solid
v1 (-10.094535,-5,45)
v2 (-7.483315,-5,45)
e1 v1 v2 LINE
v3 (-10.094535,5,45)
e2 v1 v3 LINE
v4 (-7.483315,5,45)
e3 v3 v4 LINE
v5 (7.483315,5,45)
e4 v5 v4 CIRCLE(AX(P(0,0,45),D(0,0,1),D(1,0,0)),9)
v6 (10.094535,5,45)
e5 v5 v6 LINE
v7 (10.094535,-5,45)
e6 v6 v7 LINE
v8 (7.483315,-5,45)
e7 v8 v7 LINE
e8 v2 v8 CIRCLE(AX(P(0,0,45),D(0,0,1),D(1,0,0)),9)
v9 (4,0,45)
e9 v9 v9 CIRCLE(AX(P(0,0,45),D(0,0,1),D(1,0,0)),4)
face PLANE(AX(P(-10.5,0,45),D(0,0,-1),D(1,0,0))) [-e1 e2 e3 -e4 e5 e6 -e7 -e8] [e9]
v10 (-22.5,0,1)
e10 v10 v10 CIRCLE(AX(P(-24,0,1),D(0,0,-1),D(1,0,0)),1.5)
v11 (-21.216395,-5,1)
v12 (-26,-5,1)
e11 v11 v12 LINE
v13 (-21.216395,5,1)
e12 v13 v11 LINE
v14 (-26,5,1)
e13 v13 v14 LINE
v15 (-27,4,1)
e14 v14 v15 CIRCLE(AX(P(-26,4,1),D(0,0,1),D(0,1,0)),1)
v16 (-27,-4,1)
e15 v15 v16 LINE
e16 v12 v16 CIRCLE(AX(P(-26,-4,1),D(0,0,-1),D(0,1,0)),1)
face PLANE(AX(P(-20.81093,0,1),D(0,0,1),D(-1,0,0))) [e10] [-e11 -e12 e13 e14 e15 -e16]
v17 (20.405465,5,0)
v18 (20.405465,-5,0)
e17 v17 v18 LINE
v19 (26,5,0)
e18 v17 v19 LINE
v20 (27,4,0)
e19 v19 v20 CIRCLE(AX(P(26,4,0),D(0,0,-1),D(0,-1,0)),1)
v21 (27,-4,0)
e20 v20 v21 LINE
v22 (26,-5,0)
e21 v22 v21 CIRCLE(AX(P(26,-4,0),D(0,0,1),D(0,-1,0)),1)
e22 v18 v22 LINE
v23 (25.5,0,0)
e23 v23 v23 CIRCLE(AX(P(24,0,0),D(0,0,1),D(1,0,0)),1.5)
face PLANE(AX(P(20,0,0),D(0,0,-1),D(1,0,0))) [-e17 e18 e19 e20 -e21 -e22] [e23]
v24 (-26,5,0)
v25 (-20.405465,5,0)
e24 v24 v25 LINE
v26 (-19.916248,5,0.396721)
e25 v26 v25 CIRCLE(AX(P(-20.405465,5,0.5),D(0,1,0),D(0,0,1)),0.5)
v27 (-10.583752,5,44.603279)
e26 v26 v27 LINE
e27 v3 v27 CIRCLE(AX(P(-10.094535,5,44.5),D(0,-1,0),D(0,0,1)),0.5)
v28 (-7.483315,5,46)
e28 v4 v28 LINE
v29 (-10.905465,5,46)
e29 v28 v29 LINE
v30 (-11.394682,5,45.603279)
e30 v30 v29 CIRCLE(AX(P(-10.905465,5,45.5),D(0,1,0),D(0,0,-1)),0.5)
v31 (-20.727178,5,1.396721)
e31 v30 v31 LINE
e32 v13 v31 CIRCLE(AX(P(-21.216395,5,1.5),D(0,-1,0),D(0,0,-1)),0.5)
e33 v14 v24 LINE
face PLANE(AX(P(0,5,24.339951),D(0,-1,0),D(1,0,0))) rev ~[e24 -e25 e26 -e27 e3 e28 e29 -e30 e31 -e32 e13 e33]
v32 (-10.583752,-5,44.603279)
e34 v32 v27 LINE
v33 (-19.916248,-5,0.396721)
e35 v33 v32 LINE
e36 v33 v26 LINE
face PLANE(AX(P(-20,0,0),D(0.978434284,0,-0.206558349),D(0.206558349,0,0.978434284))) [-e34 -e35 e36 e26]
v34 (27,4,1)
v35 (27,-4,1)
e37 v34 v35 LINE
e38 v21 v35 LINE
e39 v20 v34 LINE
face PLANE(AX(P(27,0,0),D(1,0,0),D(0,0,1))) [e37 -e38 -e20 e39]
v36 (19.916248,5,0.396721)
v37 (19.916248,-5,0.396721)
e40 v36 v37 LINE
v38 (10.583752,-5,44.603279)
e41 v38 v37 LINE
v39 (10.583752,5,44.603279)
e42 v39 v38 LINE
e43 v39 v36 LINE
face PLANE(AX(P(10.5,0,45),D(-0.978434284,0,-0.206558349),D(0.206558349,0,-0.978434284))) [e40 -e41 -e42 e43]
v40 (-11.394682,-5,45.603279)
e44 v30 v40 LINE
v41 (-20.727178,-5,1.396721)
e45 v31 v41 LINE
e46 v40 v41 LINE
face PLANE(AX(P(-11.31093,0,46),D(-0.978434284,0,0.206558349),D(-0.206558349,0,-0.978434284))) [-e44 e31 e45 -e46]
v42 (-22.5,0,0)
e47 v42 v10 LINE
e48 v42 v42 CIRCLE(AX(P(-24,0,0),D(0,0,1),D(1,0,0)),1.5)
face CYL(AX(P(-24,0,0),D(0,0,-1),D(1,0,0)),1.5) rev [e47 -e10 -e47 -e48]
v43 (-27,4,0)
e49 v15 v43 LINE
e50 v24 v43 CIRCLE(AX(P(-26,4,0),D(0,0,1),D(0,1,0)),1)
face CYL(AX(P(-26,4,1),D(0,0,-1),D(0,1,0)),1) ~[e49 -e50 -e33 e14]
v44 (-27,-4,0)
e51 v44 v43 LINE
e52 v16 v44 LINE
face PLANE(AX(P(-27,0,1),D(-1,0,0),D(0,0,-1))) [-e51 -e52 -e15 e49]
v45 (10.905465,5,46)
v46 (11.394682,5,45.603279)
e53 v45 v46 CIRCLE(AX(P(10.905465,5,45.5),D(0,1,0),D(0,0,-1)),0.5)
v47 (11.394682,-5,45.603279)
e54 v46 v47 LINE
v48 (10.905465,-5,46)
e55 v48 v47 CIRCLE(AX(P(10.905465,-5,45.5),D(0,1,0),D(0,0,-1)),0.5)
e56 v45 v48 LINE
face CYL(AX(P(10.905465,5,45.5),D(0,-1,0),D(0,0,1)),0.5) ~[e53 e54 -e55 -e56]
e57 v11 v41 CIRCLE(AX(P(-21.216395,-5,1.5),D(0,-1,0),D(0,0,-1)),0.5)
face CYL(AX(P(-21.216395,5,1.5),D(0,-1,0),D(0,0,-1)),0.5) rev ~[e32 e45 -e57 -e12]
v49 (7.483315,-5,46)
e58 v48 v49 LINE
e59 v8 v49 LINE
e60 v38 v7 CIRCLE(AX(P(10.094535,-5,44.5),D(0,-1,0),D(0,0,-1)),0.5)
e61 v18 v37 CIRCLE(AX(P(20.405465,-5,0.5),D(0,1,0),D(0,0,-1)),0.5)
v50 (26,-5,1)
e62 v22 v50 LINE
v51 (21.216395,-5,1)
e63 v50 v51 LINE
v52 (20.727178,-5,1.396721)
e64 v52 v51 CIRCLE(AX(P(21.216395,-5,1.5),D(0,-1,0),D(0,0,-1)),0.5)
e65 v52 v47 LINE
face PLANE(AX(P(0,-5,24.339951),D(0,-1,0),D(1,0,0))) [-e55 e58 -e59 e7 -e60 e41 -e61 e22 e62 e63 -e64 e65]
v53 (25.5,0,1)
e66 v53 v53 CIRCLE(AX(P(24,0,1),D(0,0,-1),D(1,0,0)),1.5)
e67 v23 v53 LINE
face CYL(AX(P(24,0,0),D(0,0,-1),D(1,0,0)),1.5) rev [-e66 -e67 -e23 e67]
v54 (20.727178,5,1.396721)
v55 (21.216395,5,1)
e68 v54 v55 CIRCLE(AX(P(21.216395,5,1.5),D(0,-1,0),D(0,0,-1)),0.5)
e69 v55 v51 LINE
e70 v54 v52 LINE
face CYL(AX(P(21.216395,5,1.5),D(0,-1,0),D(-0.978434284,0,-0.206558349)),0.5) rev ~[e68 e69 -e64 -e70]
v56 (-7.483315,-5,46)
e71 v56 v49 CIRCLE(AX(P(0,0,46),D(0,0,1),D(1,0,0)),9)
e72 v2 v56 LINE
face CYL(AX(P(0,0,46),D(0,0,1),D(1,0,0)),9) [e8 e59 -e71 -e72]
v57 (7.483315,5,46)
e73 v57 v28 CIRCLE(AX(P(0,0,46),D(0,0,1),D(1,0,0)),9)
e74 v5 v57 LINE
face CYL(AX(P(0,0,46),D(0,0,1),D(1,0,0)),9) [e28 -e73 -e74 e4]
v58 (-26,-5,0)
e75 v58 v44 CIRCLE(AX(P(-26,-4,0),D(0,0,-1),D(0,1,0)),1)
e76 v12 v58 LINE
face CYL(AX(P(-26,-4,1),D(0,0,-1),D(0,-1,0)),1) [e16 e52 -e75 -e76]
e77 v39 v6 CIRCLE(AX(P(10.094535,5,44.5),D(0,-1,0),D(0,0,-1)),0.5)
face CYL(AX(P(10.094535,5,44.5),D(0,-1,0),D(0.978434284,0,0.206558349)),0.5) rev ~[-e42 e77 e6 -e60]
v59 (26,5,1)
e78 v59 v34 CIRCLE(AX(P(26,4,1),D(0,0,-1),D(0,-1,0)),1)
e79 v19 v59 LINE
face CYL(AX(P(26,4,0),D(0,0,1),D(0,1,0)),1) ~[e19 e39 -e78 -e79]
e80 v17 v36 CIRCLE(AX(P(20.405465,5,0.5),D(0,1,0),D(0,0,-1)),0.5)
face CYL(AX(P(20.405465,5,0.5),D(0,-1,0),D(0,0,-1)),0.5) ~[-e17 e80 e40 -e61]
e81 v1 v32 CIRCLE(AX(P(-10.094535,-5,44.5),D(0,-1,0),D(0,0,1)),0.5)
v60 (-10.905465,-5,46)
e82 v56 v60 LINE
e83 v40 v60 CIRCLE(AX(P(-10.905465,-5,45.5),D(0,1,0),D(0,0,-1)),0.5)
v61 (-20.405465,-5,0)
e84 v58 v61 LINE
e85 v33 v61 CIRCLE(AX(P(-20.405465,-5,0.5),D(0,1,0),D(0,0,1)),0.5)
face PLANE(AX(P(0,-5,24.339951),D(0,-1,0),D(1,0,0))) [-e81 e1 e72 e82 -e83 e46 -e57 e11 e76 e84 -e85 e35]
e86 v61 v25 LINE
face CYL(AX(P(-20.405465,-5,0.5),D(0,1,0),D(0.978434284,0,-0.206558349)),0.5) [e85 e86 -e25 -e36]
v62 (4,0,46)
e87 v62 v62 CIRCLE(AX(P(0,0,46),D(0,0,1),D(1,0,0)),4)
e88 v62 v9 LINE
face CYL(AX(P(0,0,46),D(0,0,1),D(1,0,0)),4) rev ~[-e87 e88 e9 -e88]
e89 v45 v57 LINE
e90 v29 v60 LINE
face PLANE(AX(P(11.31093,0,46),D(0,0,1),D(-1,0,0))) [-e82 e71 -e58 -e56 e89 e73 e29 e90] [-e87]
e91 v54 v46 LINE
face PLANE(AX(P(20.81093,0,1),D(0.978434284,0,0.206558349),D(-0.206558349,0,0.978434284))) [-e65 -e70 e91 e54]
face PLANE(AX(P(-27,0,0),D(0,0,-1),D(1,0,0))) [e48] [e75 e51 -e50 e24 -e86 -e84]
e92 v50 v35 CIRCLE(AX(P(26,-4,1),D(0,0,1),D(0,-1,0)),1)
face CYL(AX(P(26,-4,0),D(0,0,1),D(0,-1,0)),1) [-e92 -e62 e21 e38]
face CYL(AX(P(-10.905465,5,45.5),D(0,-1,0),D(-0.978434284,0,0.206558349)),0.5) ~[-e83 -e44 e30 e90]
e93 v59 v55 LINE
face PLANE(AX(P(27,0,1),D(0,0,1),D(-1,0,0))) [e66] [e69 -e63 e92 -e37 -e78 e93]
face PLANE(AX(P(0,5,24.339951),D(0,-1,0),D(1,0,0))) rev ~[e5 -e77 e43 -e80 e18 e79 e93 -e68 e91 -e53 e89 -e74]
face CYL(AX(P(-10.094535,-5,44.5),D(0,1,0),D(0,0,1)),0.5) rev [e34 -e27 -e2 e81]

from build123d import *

# Parameters (mm, degrees)
F1_DEPTH = 5
F2_R     = 0.5
F3_R     = 0.5
F4_R     = 9
F5_DEPTH = 1
F6_R     = 4
F7_DEPTH = 46.001
F8_R     = 1.5
F9_DEPTH = 46.001
F10_R    = 1


with BuildPart() as f1:
    # F0 (on Front) → F1 (new body, symmetric)
    with BuildSketch(Plane.XZ):
        Polygon((-10.5, 45), (10.5, 45), (20, 0), (27, 0), (27, 1), (20.81093, 1), (11.31093, 46), (-11.31093, 46), (-20.81093, 1), (-27, 1), (-27, 0), (-20, 0), align=None)
    extrude(amount=F1_DEPTH, both=True)

    # F2
    f2_edges = [f1.edges().sort_by_distance(p)[0] for p in [
        (11.31093, 0, 46),
        (-11.31093, 0, 46),
        (-20.81093, 0, 1),
        (20.81093, 0, 1),
    ]]
    fillet(f2_edges, radius=F2_R)

    # F3
    f3_edges = [f1.edges().sort_by_distance(p)[0] for p in [
        (-10.5, 0, 45),
        (10.5, 0, 45),
        (20, 0, 0),
        (-20, 0, 0),
    ]]
    fillet(f3_edges, radius=F3_R)

    # F4 (on face) → F5 (join)
    with BuildSketch(Plane.XY.offset(46)):
        Circle(F4_R)
    extrude(amount=-F5_DEPTH)

    # F6 (on face) → F7 (cut, through all)
    with BuildSketch(Plane.XY.offset(46)):
        Circle(F6_R)
    extrude(amount=-F7_DEPTH, mode=Mode.SUBTRACT)

    # F8 (on Top) → F9 (cut, through all)
    with BuildSketch(Plane.XY):
        with Locations((-24, 0)):
            Circle(F8_R)
        with Locations((24, 0)):
            Circle(F8_R)
    extrude(amount=F9_DEPTH, mode=Mode.SUBTRACT)

    # F10
    f10_edges = [f1.edges().sort_by_distance(p)[0] for p in [
        (27, -5, 0.5),
        (27, 5, 0.5),
        (-27, -5, 0.5),
        (-27, 5, 0.5),
    ]]
    fillet(f10_edges, radius=F10_R)


solid = f1.part
